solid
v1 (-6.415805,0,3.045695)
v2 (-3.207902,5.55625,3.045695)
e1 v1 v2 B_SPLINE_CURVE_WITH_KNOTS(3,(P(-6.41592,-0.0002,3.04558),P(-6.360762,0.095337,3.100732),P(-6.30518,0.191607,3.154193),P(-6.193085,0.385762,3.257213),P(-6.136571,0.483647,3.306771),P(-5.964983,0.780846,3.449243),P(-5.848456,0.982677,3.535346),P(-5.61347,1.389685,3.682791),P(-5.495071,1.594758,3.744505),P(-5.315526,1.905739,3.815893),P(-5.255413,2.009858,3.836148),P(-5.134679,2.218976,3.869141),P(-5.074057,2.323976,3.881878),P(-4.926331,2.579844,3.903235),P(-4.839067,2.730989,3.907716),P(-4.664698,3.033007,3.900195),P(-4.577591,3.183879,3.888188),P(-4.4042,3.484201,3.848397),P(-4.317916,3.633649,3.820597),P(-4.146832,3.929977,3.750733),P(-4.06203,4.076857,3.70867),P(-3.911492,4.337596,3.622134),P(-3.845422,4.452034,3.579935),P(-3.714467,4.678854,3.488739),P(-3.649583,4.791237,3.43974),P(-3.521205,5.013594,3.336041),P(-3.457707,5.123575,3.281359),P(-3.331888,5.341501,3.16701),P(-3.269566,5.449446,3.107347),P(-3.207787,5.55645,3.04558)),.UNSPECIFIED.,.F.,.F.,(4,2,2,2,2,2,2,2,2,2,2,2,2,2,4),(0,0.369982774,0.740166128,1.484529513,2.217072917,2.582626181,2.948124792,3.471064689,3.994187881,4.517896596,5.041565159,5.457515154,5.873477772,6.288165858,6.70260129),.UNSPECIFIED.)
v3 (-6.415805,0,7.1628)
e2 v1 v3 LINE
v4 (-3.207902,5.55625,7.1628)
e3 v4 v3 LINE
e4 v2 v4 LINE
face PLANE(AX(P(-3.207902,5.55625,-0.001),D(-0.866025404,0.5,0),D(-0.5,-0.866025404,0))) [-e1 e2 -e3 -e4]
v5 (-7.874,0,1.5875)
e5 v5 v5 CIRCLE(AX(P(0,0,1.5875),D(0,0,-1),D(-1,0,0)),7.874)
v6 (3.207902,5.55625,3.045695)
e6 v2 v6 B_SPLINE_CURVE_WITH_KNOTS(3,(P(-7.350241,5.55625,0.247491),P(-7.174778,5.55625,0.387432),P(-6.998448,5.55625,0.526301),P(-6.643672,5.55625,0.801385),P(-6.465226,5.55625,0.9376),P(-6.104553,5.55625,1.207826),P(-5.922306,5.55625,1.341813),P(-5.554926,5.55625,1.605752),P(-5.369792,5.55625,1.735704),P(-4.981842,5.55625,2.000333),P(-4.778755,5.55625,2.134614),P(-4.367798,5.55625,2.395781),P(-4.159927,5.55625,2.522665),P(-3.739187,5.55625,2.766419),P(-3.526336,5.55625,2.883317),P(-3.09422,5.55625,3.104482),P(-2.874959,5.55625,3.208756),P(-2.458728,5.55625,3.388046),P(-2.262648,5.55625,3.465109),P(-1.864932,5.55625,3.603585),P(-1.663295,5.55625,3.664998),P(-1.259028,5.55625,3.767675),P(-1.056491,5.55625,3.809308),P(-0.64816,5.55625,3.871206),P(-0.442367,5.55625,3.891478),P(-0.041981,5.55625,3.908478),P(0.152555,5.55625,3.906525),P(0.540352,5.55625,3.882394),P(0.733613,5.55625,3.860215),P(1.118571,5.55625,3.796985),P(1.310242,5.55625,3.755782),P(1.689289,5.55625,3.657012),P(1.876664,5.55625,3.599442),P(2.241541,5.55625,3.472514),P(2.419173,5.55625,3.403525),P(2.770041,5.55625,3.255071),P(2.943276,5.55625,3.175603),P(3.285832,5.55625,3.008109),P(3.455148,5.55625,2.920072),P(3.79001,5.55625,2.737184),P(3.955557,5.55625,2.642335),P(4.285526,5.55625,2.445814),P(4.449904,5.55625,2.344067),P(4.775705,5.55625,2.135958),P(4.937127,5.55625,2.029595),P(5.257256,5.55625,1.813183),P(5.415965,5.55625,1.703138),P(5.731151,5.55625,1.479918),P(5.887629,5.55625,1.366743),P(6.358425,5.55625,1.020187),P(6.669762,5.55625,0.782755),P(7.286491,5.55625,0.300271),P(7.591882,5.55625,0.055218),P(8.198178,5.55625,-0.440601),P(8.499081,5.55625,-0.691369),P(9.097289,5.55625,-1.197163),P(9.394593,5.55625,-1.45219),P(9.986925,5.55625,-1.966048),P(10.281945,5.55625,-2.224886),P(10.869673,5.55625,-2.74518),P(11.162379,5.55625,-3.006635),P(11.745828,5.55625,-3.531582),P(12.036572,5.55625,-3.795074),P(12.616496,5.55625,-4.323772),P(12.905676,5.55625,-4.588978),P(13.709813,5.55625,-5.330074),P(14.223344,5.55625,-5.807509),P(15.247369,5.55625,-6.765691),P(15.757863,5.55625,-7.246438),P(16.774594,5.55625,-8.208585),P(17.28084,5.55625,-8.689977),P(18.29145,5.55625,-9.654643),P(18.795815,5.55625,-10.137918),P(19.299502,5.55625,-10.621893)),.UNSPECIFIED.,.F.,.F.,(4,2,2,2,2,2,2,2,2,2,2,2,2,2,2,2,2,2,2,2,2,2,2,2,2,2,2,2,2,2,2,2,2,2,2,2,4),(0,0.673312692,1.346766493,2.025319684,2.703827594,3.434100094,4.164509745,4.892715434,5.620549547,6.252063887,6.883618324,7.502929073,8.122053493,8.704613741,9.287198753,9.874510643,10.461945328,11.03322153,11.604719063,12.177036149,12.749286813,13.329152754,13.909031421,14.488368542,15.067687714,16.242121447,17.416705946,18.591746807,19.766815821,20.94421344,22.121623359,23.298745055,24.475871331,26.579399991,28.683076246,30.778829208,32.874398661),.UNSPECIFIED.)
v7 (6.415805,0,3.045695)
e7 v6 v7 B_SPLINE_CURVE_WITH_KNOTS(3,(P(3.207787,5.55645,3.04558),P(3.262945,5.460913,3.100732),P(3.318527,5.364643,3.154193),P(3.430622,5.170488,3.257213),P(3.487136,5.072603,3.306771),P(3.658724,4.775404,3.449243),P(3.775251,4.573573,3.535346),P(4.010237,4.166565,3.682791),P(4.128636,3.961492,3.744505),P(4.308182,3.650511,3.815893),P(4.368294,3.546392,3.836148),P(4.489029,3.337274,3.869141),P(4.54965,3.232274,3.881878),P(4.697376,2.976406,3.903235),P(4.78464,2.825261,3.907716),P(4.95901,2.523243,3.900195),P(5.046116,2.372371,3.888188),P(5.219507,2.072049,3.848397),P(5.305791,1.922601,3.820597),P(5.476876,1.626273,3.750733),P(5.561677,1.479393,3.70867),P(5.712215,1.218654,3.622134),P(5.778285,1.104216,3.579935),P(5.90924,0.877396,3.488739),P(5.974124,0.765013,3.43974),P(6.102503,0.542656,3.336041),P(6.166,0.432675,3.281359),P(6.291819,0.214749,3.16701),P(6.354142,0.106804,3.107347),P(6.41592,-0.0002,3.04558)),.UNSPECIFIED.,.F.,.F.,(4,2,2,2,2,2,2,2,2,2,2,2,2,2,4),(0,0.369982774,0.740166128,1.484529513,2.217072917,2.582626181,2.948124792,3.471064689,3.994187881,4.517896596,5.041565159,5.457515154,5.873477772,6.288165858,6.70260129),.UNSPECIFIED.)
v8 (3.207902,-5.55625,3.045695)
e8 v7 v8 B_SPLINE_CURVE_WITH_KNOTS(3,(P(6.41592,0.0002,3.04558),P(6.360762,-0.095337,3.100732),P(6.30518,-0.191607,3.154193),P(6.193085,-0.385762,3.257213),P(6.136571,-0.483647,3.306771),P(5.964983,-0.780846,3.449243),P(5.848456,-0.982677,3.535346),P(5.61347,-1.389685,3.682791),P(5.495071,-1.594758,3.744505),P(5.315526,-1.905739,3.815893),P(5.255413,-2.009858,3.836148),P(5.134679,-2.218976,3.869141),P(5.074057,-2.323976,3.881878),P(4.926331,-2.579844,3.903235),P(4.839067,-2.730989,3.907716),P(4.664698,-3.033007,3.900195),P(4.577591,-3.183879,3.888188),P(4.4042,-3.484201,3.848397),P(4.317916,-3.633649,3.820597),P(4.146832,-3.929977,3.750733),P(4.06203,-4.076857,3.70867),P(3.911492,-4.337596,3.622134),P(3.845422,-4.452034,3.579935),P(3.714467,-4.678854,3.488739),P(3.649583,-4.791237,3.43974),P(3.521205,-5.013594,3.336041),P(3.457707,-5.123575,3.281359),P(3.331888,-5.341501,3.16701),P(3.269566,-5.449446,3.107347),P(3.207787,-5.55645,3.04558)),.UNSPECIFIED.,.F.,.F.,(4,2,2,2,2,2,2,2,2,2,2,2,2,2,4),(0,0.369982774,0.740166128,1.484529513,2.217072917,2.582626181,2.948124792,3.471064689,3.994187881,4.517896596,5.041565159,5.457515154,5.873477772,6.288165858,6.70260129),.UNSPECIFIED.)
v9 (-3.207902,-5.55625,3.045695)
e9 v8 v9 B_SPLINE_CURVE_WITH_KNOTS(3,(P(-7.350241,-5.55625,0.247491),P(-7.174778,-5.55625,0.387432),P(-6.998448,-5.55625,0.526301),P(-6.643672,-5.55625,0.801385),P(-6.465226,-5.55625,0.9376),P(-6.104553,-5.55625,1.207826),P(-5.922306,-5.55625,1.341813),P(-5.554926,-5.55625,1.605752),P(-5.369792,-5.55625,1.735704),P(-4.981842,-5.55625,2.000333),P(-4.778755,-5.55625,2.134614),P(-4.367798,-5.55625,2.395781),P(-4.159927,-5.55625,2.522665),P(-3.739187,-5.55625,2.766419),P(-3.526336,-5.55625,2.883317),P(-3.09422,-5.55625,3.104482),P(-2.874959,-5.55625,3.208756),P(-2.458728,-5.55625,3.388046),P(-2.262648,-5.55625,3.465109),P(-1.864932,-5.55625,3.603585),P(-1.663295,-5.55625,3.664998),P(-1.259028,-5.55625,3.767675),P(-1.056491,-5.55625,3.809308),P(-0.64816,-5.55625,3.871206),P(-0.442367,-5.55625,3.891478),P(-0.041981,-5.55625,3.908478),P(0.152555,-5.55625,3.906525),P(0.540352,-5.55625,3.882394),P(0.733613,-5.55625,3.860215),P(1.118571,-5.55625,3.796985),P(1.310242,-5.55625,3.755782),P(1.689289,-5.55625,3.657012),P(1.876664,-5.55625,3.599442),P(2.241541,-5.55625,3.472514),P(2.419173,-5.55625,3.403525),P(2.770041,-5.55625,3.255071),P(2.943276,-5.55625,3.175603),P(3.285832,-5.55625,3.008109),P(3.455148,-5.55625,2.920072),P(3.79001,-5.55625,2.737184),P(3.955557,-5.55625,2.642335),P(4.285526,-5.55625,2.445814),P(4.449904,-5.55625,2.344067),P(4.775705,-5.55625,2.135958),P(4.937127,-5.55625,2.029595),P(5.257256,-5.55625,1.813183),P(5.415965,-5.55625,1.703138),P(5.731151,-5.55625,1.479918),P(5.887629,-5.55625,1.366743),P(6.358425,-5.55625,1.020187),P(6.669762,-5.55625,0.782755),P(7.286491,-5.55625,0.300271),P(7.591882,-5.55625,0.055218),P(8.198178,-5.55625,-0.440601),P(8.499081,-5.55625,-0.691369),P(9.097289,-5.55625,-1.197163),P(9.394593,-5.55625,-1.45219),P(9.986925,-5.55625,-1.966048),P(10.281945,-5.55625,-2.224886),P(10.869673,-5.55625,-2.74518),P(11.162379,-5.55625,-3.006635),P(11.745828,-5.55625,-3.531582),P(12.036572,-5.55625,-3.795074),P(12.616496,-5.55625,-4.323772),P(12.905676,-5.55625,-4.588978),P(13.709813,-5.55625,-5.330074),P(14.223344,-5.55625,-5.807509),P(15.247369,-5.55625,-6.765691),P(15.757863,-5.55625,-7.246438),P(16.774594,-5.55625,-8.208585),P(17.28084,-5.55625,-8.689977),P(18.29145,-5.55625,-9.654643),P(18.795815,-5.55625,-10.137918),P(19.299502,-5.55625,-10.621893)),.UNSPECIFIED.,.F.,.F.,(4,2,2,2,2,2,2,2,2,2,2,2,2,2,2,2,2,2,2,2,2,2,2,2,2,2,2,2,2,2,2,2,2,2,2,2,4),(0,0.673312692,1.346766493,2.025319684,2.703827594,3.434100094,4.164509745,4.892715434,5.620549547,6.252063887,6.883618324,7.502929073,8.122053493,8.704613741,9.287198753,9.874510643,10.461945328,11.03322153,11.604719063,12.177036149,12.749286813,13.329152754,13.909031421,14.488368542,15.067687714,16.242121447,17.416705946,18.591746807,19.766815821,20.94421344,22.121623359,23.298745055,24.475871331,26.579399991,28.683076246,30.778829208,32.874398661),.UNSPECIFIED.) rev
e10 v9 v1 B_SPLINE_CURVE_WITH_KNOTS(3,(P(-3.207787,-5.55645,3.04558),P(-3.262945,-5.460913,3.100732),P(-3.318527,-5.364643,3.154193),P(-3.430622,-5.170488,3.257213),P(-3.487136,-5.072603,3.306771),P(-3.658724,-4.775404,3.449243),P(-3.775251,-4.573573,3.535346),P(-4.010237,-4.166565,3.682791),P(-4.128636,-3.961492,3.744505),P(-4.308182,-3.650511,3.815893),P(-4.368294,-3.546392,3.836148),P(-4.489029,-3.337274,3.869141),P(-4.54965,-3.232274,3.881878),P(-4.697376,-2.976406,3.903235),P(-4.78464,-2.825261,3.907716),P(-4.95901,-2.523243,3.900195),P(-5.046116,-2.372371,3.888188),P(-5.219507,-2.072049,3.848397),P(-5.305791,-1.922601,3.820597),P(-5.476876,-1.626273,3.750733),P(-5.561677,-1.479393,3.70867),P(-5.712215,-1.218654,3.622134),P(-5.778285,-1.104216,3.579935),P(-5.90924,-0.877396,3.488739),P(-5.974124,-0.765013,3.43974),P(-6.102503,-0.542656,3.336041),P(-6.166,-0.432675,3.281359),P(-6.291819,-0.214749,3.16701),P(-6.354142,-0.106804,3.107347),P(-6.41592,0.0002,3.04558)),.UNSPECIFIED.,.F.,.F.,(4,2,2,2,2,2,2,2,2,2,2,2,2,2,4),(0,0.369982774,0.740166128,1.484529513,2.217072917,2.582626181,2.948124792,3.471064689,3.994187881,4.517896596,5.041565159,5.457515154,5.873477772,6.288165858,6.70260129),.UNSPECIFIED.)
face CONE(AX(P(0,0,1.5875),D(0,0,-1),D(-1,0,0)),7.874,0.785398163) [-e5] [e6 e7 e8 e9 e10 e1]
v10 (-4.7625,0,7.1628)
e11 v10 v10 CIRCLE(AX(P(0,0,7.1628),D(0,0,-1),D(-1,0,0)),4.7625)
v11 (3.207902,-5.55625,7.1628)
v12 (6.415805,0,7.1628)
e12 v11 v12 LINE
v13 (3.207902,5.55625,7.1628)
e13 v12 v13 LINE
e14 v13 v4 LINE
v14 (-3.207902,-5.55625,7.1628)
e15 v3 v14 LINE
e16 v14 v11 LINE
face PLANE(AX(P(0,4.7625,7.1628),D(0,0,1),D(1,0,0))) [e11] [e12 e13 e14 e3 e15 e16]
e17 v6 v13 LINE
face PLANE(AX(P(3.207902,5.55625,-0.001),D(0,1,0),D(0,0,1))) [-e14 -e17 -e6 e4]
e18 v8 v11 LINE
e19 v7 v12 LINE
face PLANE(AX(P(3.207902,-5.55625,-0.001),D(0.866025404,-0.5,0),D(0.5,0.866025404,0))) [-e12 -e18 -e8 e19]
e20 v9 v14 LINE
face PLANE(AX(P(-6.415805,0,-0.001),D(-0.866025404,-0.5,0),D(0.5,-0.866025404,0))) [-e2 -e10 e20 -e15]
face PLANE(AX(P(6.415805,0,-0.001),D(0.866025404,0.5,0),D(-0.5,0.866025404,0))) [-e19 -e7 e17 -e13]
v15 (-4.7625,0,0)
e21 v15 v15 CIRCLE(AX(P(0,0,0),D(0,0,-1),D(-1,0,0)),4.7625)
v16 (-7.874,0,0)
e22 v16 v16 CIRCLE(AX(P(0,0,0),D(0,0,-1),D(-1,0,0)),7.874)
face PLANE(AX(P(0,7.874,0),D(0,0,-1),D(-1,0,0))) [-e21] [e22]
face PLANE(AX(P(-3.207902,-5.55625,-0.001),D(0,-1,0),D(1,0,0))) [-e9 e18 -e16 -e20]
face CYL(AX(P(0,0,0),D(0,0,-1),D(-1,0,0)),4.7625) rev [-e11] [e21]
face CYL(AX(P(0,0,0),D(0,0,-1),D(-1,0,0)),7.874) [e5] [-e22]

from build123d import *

# Parameters (mm, degrees)
BOSS_EXTRUDE1_REACH = 15.24
SKETCH2_R           = 4.7625


with BuildPart() as part:
    # Sketch1 → Revolve1 (revolve)
    with BuildSketch(Plane(origin=(0, 0, 0), x_dir=(0, 0, -1), z_dir=(1, 0, 0)), mode=Mode.PRIVATE) as revolve1_sk:
        Polygon((0, 4.7625), (-7.1628, 4.7625), (-7.1628, 5.55625), (-3.90525, 5.55625), (-1.5875, 7.874), (0, 7.874), align=None)
    revolve(revolve1_sk.sketch.rotate(Axis((0, 0, 0), (0, 0, 1)), 90), axis=Axis((0, 0, 0), (0, 0, 1)))

    # Boss-Extrude1: up to this cone (the profile starts outside it)
    boss_extrude1_end = Plane(origin=(0, 0, 7.1628), z_dir=(0, 0, -1)).offset(-2.298699) * Cone(1e-06, 20.3374, 20.337399, align=(Align.CENTER, Align.CENTER, Align.MIN), mode=Mode.PRIVATE)
    # Sketch2 → Boss-Extrude1 (add, up to the surface)
    with BuildSketch(Plane.XY.offset(7.1628), mode=Mode.PRIVATE) as boss_extrude1_sk1:
        Polygon((-3.207902433, 5.55625), (-6.415804866, 0), (-3.207902433, -5.55625), (3.207902433, -5.55625), (6.415804866, 0), (3.207902433, 5.55625), align=None)
        with Locations(Location((0, 0, 0), (0, 0, 180))):
            Circle(SKETCH2_R, mode=Mode.SUBTRACT)
    boss_extrude1_tool1 = extrude(boss_extrude1_sk1.sketch, amount=-BOSS_EXTRUDE1_REACH, mode=Mode.PRIVATE) - boss_extrude1_end
    add(boss_extrude1_tool1.solids().sort_by_distance((-4.664849, 2.693252, 7.1628))[0])


solid = part.part
